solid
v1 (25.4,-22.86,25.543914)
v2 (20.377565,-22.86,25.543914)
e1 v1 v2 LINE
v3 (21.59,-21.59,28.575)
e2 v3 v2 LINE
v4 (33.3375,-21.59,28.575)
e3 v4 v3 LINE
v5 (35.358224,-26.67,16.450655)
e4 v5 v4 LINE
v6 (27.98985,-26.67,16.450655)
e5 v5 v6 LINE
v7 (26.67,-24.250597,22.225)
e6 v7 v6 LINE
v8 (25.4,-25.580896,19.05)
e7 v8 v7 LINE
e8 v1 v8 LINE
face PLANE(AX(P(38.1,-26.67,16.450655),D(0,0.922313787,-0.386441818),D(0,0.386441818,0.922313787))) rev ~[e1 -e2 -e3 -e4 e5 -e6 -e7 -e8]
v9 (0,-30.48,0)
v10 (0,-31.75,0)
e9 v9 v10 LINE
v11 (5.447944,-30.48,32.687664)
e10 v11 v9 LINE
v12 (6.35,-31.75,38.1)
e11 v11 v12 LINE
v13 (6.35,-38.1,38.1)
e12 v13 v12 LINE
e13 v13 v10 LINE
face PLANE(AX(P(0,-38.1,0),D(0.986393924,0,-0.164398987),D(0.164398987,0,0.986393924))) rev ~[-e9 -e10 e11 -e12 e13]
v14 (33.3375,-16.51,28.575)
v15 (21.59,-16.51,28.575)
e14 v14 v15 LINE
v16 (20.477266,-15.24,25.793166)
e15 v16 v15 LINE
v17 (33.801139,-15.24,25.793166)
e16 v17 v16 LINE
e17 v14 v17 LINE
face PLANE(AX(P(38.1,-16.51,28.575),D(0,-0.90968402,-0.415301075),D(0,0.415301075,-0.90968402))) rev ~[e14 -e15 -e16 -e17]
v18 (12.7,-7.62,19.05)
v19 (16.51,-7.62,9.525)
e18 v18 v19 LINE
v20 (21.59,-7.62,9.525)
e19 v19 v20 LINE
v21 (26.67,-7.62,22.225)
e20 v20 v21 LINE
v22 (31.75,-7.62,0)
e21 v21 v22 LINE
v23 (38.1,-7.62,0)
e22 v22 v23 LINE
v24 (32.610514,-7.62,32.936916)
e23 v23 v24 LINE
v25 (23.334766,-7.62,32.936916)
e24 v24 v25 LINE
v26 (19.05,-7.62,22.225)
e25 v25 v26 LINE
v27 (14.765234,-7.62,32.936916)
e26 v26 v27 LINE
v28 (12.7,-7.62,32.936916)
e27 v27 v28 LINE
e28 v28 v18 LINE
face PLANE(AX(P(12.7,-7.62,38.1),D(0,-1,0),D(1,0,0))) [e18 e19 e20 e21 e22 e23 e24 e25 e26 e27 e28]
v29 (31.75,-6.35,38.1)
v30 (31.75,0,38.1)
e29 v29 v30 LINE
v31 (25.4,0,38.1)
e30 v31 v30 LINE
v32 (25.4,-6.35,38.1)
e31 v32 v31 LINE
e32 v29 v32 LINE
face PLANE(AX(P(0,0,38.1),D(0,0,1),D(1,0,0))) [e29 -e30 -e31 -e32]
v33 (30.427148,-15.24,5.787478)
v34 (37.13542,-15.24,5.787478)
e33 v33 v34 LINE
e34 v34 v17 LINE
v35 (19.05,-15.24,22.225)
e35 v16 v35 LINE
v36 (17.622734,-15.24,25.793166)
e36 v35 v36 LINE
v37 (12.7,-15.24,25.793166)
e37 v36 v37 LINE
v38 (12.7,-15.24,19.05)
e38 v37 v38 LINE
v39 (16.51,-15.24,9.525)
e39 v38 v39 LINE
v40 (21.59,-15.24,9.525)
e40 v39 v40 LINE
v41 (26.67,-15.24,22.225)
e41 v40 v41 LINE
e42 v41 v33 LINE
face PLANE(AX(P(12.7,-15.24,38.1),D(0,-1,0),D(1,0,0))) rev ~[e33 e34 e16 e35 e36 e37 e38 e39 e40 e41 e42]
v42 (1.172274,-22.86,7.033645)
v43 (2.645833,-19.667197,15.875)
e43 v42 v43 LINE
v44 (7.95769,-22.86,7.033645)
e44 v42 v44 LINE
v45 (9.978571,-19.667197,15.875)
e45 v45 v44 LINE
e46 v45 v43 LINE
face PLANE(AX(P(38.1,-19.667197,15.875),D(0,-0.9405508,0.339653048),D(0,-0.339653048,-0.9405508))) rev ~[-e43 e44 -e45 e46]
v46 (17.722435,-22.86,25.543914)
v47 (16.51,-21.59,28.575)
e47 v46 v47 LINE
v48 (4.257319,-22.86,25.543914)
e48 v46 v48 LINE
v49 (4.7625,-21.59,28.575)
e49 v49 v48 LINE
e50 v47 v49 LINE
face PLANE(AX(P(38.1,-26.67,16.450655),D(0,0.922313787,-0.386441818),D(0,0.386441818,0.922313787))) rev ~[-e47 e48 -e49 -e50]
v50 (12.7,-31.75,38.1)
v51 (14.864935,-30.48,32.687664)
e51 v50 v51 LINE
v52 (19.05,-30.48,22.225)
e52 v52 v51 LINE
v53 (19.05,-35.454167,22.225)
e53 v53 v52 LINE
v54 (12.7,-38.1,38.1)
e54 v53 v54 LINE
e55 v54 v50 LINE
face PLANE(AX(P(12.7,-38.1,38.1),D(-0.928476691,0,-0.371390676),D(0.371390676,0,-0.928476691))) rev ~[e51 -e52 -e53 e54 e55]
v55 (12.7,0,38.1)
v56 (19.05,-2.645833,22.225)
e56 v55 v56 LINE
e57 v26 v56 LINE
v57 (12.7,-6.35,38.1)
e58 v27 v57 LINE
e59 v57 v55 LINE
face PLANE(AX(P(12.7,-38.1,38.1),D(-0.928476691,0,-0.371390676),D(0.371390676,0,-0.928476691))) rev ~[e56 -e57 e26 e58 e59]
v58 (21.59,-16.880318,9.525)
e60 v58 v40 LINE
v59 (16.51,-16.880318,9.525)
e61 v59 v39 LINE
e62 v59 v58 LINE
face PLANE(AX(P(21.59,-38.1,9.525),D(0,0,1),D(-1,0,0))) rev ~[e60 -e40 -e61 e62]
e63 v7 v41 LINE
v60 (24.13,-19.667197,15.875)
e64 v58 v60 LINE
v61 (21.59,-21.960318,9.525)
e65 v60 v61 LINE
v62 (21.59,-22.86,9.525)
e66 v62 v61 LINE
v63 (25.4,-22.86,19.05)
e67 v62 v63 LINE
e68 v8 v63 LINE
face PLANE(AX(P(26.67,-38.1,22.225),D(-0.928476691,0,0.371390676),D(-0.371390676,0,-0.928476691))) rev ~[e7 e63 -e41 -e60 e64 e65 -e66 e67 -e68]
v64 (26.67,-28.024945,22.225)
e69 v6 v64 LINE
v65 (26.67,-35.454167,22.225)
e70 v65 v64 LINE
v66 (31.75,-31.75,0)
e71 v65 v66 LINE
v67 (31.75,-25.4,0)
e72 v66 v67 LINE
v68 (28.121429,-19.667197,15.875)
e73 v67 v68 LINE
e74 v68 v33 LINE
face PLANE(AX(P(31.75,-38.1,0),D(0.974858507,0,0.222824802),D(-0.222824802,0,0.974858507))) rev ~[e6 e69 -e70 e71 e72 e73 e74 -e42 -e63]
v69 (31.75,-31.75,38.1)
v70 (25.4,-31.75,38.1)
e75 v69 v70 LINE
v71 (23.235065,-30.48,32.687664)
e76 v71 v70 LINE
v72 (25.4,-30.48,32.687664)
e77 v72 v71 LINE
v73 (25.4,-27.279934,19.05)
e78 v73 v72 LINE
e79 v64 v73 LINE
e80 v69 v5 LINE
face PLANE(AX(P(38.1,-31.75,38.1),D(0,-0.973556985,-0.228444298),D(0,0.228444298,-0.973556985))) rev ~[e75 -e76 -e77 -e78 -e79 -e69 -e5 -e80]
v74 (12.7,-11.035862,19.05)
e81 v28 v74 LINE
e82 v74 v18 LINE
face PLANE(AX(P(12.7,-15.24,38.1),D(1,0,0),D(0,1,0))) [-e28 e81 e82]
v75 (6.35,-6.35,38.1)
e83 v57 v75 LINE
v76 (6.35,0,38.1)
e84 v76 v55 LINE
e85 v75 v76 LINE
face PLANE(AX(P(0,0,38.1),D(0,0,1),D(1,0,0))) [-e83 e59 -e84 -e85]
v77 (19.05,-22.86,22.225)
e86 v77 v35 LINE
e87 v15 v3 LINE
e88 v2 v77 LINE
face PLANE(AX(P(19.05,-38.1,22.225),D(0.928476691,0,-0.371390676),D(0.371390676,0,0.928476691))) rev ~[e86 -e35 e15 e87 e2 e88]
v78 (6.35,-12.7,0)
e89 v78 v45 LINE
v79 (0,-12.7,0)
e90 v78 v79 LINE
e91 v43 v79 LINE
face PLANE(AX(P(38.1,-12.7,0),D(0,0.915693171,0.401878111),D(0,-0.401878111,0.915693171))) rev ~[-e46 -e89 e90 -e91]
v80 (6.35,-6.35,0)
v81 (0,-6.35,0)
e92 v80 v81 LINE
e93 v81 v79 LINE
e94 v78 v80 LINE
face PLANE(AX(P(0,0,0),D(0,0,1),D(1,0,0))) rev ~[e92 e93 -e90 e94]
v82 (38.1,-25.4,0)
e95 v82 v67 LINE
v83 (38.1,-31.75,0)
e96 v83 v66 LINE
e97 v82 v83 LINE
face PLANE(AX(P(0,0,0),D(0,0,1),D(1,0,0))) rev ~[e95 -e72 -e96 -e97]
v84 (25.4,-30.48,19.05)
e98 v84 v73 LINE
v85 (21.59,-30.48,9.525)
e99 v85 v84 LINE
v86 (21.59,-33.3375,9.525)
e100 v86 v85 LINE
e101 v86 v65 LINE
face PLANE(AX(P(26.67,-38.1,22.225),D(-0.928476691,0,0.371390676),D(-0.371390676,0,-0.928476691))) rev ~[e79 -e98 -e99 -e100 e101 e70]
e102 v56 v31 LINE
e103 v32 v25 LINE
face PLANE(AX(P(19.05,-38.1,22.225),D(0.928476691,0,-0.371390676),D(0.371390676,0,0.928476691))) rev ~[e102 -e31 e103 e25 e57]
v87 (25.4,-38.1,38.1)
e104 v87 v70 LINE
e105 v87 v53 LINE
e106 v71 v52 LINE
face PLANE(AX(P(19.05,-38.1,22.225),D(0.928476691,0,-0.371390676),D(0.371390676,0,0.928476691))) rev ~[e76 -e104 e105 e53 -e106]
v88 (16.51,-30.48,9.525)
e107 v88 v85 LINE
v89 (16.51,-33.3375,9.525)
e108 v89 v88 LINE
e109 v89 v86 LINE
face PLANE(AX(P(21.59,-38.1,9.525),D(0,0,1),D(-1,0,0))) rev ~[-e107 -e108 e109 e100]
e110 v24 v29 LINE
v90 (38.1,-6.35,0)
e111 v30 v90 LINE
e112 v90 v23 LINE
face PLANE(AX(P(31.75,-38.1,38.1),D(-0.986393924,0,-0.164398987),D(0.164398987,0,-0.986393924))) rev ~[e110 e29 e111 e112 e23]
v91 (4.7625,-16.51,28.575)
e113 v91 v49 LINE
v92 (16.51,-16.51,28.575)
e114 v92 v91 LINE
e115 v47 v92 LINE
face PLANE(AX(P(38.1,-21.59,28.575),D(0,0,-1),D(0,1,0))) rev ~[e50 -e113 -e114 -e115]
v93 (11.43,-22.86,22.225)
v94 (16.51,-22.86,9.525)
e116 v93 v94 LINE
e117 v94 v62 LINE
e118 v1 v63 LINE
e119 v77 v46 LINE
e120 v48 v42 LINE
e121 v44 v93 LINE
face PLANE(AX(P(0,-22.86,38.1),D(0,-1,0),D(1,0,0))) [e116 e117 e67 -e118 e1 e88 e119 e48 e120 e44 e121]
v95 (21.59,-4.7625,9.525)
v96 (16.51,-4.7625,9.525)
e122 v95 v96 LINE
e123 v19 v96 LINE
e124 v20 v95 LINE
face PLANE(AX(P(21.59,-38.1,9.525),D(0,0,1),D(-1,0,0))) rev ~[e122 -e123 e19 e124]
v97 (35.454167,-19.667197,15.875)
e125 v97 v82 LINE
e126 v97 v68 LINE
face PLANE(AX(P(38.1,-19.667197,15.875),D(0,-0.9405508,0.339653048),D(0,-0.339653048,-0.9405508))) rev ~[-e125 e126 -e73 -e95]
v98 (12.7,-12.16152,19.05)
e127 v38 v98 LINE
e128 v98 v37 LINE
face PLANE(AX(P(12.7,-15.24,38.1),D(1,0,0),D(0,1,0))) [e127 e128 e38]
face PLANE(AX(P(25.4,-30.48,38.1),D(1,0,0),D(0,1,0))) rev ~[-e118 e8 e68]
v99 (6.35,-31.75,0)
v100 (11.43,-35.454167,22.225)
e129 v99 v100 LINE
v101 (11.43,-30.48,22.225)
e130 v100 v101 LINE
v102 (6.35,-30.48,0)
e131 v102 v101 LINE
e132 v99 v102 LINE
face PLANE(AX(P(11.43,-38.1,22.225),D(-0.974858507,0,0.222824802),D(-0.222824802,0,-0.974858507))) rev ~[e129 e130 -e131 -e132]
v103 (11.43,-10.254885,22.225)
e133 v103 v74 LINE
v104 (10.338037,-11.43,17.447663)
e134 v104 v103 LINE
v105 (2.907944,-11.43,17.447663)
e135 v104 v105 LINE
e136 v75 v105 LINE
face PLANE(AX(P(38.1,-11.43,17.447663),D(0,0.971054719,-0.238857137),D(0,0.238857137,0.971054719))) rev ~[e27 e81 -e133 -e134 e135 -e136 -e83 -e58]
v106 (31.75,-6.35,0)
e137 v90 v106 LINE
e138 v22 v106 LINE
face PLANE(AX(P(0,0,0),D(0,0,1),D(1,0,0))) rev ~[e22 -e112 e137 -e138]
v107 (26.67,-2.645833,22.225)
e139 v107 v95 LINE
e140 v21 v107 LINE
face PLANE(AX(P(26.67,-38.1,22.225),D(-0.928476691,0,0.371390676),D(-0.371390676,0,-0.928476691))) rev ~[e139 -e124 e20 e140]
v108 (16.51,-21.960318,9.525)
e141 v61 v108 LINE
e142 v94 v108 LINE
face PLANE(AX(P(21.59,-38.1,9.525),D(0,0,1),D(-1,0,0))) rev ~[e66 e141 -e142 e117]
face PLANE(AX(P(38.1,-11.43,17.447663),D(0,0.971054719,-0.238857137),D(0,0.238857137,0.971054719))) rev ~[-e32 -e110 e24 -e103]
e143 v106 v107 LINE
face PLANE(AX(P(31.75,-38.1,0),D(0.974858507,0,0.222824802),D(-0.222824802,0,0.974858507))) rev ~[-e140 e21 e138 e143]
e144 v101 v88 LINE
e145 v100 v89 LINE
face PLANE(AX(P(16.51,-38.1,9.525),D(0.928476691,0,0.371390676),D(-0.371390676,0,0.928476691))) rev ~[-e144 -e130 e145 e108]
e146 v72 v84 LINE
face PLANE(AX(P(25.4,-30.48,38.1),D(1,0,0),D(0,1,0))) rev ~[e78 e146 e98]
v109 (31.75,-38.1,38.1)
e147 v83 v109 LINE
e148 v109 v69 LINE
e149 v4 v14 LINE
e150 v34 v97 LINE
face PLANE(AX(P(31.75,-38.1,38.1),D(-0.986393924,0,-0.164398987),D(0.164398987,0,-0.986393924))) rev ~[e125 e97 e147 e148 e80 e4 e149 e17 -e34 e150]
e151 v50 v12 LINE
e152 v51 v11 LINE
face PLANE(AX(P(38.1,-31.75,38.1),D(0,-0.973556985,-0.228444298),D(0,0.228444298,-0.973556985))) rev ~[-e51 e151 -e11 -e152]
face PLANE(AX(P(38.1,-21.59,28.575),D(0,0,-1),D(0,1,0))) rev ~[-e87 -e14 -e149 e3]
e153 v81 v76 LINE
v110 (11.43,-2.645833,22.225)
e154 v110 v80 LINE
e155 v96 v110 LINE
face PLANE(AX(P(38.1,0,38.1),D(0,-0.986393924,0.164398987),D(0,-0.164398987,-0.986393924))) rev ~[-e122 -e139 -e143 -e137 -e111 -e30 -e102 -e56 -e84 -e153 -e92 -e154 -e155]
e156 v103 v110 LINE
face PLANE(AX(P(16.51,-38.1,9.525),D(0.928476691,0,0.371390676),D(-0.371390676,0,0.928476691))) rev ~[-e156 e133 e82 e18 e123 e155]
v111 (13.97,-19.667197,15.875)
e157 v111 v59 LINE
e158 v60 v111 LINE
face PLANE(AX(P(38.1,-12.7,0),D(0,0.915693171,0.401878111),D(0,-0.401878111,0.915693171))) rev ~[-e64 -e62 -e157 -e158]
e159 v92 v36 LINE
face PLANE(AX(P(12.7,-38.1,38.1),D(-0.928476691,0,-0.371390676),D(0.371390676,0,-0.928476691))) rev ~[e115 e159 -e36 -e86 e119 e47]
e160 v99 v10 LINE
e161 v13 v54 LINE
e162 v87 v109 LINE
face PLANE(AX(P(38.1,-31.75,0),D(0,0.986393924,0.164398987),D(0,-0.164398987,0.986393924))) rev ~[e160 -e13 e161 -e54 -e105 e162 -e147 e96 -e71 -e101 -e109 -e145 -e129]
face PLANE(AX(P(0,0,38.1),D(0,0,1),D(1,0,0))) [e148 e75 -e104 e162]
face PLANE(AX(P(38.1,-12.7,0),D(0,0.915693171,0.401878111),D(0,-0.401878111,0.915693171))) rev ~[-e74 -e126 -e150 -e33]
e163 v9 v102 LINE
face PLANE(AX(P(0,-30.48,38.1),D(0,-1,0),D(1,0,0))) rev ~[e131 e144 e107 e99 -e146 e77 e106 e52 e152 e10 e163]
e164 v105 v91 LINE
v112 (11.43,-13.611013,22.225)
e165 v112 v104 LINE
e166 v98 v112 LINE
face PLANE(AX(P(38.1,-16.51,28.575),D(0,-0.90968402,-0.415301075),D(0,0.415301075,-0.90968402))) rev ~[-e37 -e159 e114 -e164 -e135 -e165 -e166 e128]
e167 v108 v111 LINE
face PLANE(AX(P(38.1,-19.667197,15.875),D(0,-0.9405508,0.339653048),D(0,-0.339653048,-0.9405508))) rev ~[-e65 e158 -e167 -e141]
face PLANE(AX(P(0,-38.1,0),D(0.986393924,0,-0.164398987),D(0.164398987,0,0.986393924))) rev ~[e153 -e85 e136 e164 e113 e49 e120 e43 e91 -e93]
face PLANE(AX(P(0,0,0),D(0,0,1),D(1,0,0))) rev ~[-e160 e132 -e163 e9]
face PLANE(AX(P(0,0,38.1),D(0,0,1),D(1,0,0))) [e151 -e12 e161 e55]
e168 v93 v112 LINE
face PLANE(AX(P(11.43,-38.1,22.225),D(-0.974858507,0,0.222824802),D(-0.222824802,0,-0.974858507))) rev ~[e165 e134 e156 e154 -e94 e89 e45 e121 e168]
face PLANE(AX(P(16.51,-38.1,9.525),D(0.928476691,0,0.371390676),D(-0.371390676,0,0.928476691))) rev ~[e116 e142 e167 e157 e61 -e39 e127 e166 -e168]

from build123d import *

# Parameters (mm, degrees)
F0_W      = 38.1
F0_H      = 38.1
F1_DEPTH  = 38.1
F6_DEPTH  = 38.1
F8_DEPTH  = 38.1
F9_W      = 25.4
F9_H      = 7.62
F10_DEPTH = 38.1


with BuildPart() as f1:
    # F0 (on Front) → F1 (new body)
    with BuildSketch(Plane.XZ):
        with Locations((19.05, 19.05)):
            Rectangle(F0_W, F0_H)
    extrude(amount=F1_DEPTH)

    # F5 (on offset) → F6 (cut)
    with BuildSketch(Plane.YZ.offset(38.1)):
        Polygon((-31.75, 0), (-38.1, 38.1), (-38.1, 0), align=None)
        Polygon((-19.6671973258, 15.875), (-25.4, 0), (-12.7, 0), align=None)
        Polygon((-6.35, 38.1), (-31.75, 38.1), (-26.67, 16.4506547153), (-21.59, 28.575), (-16.51, 28.575), (-11.43, 17.4476634711), align=None)
        Polygon((0, 0), (0, 38.1), (-6.35, 0), align=None)
    extrude(amount=-F6_DEPTH, mode=Mode.SUBTRACT)

    # F7 (on offset) → F8 (cut)
    with BuildSketch(Plane.XZ.offset(38.1)):
        Polygon((0, 38.1), (0, 0), (6.35, 38.1), align=None)
        Polygon((25.4, 38.1), (12.7, 38.1), (19.05, 22.225), align=None)
        Polygon((11.43, 22.225), (6.35, 0), (31.75, 0), (26.67, 22.225), (21.59, 9.525), (16.51, 9.525), align=None)
        Polygon((31.75, 38.1), (38.1, 0), (38.1, 38.1), align=None)
    extrude(amount=-F8_DEPTH, mode=Mode.SUBTRACT)

    # F9 (on offset) → F10 (cut)
    with BuildSketch(Plane.XY.offset(38.1)):
        with Locations((25.4, -11.43)):
            Rectangle(F9_W, F9_H)
        with Locations((12.7, -26.67)):
            Rectangle(F9_W, F9_H)
    extrude(amount=-F10_DEPTH, mode=Mode.SUBTRACT)


solid = f1.part
